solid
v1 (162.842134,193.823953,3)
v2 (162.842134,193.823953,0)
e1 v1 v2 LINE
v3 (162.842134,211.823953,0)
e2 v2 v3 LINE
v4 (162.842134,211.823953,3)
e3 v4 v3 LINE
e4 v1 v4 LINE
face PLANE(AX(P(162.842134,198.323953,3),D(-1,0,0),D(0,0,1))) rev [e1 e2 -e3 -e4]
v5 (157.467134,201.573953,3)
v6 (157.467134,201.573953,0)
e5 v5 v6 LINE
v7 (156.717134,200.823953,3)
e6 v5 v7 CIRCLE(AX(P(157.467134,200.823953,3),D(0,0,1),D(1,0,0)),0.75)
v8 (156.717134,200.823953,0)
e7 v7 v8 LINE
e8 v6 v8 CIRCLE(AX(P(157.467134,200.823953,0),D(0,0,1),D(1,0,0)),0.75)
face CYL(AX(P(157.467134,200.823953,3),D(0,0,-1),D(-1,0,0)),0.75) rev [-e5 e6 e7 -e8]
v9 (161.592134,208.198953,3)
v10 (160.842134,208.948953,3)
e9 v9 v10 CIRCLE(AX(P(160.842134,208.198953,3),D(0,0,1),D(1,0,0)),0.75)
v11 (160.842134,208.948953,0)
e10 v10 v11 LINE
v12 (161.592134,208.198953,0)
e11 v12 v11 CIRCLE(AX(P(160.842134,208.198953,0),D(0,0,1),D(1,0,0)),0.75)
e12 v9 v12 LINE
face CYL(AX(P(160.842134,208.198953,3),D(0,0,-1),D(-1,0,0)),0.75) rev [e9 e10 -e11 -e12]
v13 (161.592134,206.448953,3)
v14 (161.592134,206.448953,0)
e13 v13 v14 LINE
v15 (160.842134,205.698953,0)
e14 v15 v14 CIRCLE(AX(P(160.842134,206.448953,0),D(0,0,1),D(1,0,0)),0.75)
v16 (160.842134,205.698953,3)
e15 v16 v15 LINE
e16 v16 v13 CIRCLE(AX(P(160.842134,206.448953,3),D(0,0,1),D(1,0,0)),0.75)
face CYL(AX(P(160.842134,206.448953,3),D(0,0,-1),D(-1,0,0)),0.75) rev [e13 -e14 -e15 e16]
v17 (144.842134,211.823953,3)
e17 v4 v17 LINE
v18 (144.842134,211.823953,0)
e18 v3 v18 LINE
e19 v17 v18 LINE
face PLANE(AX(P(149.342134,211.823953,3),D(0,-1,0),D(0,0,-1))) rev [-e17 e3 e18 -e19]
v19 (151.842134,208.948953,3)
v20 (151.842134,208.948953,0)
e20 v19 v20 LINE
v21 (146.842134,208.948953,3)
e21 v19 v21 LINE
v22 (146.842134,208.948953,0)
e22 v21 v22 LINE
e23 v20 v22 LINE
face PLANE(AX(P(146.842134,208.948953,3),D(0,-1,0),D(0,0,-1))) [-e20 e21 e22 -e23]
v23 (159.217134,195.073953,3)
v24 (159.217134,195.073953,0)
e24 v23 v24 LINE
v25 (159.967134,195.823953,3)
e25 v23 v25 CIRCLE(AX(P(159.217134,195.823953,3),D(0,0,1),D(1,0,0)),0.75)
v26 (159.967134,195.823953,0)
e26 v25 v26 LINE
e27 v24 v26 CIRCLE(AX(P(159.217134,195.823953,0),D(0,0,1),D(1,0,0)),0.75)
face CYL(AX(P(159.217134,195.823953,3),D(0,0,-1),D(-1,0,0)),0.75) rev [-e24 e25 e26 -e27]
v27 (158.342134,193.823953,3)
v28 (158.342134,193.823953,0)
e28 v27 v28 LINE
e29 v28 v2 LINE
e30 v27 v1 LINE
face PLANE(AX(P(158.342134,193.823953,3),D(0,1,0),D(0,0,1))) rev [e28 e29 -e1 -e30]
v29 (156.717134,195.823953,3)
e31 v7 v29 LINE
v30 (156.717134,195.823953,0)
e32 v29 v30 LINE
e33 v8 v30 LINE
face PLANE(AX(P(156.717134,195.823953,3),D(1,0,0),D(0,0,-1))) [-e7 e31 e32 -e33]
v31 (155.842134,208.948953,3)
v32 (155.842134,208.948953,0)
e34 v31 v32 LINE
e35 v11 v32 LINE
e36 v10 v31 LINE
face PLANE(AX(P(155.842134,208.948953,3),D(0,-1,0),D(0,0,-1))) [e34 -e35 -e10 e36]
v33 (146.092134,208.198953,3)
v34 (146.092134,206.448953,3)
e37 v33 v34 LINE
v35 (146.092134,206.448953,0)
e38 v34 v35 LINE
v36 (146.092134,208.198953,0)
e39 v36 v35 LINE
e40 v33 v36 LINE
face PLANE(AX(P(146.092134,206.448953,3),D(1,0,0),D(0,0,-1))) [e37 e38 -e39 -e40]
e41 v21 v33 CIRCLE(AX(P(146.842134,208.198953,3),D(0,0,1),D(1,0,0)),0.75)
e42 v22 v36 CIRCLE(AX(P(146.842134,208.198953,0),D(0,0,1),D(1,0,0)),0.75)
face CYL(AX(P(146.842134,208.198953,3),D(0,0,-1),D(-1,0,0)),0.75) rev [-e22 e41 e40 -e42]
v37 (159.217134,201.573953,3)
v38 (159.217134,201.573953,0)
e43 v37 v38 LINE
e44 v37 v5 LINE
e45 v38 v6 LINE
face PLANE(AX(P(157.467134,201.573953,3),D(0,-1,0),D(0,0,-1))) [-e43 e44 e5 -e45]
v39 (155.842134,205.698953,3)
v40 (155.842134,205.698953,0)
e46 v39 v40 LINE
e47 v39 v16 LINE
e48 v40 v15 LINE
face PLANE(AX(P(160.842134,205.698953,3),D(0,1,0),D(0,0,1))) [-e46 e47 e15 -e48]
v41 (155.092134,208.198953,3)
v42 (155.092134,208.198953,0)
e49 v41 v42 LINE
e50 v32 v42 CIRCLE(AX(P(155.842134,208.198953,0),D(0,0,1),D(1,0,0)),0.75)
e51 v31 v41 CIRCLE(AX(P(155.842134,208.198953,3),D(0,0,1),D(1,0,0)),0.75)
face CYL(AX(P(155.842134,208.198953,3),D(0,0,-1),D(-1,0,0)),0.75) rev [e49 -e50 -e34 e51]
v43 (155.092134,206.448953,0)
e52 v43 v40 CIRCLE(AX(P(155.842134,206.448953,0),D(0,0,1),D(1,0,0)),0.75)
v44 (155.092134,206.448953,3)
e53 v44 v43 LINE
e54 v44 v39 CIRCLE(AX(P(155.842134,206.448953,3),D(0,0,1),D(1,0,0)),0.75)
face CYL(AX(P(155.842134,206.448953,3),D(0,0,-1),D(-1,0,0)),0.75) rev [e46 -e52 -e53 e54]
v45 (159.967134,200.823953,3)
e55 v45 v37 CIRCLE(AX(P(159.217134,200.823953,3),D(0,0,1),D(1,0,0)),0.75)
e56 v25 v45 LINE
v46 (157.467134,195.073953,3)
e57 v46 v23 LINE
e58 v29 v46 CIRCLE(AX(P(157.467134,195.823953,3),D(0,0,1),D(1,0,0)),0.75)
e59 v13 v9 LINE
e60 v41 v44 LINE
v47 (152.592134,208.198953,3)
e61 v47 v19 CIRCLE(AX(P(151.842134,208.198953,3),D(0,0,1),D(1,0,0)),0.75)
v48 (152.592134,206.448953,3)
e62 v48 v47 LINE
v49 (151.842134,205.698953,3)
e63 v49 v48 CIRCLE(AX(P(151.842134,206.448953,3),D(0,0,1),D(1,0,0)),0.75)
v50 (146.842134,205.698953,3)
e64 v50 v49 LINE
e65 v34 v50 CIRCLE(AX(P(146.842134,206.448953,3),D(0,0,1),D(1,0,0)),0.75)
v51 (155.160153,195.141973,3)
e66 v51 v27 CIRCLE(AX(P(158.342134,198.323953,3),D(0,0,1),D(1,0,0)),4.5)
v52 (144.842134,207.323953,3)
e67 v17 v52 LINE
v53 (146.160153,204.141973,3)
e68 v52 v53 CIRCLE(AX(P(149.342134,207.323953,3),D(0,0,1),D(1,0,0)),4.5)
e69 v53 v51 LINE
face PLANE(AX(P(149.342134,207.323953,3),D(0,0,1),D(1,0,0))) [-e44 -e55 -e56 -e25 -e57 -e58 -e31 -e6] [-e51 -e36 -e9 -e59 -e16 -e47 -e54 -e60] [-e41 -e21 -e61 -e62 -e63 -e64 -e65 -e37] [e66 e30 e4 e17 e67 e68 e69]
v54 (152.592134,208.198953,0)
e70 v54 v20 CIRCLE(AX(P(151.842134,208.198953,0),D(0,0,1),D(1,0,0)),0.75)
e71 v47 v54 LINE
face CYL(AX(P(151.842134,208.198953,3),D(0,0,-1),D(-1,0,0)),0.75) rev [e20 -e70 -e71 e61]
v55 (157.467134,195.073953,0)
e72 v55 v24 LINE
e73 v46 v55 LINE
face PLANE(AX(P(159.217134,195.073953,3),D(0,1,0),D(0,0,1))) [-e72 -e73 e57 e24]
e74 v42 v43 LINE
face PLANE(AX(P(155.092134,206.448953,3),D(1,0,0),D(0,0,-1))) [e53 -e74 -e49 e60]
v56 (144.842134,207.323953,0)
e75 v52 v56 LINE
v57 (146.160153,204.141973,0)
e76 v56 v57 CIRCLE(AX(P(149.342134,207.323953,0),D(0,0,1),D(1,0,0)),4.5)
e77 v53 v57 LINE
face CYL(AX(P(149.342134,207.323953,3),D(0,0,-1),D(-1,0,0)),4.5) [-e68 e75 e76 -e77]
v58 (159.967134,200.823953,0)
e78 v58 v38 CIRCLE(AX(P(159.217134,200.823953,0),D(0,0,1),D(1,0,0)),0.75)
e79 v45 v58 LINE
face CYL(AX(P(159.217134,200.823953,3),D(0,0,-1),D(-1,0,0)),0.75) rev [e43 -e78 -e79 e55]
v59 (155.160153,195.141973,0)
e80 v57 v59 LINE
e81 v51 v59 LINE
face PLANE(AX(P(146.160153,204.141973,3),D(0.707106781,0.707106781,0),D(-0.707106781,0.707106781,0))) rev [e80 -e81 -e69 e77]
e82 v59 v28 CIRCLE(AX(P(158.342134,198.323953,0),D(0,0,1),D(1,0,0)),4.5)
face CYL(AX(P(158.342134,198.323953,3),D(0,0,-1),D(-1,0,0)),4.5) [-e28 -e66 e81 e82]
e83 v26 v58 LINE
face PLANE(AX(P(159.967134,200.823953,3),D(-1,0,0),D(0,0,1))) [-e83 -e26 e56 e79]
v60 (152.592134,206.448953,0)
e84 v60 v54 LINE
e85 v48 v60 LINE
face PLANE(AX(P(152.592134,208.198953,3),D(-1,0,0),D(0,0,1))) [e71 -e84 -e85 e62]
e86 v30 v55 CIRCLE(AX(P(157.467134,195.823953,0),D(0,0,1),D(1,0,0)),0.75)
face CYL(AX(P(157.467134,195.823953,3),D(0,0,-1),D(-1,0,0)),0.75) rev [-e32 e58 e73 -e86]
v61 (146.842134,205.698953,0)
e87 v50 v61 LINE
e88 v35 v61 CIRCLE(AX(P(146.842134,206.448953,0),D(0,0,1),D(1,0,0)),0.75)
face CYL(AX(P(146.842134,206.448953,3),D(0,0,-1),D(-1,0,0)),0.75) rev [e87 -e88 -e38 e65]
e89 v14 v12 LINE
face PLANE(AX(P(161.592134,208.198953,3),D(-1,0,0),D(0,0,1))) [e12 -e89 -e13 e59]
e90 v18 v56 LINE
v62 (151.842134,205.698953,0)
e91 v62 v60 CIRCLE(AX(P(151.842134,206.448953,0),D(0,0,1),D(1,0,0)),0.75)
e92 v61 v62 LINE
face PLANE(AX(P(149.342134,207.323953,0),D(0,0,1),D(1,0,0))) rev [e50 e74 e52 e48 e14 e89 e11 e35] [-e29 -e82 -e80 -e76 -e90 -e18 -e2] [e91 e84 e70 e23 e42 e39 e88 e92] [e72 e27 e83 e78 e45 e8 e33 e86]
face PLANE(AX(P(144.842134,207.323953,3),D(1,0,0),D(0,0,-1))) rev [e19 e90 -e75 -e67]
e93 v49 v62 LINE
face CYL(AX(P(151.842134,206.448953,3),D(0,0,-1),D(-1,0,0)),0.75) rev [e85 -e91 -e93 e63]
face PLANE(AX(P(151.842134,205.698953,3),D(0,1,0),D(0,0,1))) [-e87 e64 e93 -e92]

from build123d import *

# Parameters (mm, degrees)
SALIENTE_EXTRUIR1_DEPTH = 3


with BuildPart() as part:
    # Model → Saliente-Extruir1 (new body)
    with BuildSketch(Plane.XY):
        with BuildLine():
            Line((149.34213351, 211.823953209), (158.34213351, 211.823953209))
            Line((158.34213351, 211.823953209), (162.84213351, 211.823953209))
            Line((162.84213351, 211.823953209), (162.84213351, 198.323953209))
            Line((162.84213351, 198.323953209), (162.84213351, 193.823953209))
            Line((162.84213351, 193.823953209), (158.34213351, 193.823953209))
            ThreePointArc((158.34213351, 193.823953209), (156.620058064, 194.166495313), (155.160152994, 195.141972694))
            Line((155.160152994, 195.141972694), (146.160152994, 204.141972694))
            ThreePointArc((146.160152994, 204.141972694), (145.184675613, 205.601877763), (144.84213351, 207.323953209))
            Line((144.84213351, 207.323953209), (144.84213351, 211.823953209))
            Line((144.84213351, 211.823953209), (149.34213351, 211.823953209))
        make_face()
        with BuildLine():
            Line((156.71713351, 195.823953209), (156.71713351, 200.823953209))
            ThreePointArc((156.71713351, 200.823953209), (156.936803424, 201.354283295), (157.46713351, 201.573953209))
            Line((157.46713351, 201.573953209), (159.21713351, 201.573953209))
            ThreePointArc((159.21713351, 201.573953209), (159.747463595, 201.354283295), (159.96713351, 200.823953209))
            Line((159.96713351, 200.823953209), (159.96713351, 195.823953209))
            ThreePointArc((159.96713351, 195.823953209), (159.747463595, 195.293623123), (159.21713351, 195.073953209))
            Line((159.21713351, 195.073953209), (157.46713351, 195.073953209))
            ThreePointArc((157.46713351, 195.073953209), (156.936803424, 195.293623123), (156.71713351, 195.823953209))
        make_face(mode=Mode.SUBTRACT)
        with BuildLine():
            Line((151.84213351, 205.698953209), (146.84213351, 205.698953209))
            ThreePointArc((146.84213351, 205.698953209), (146.311803424, 205.918623123), (146.09213351, 206.448953209))
            Line((146.09213351, 206.448953209), (146.09213351, 208.198953209))
            ThreePointArc((146.09213351, 208.198953209), (146.311803424, 208.729283295), (146.84213351, 208.948953209))
            Line((146.84213351, 208.948953209), (151.84213351, 208.948953209))
            ThreePointArc((151.84213351, 208.948953209), (152.372463595, 208.729283295), (152.59213351, 208.198953209))
            Line((152.59213351, 208.198953209), (152.59213351, 206.448953209))
            ThreePointArc((152.59213351, 206.448953209), (152.372463595, 205.918623123), (151.84213351, 205.698953209))
        make_face(mode=Mode.SUBTRACT)
        with BuildLine():
            Line((160.84213351, 205.698953209), (155.84213351, 205.698953209))
            ThreePointArc((155.84213351, 205.698953209), (155.311803424, 205.918623123), (155.09213351, 206.448953209))
            Line((155.09213351, 206.448953209), (155.09213351, 208.198953209))
            ThreePointArc((155.09213351, 208.198953209), (155.311803424, 208.729283295), (155.84213351, 208.948953209))
            Line((155.84213351, 208.948953209), (160.84213351, 208.948953209))
            ThreePointArc((160.84213351, 208.948953209), (161.372463595, 208.729283295), (161.59213351, 208.198953209))
            Line((161.59213351, 208.198953209), (161.59213351, 206.448953209))
            ThreePointArc((161.59213351, 206.448953209), (161.372463595, 205.918623123), (160.84213351, 205.698953209))
        make_face(mode=Mode.SUBTRACT)
    extrude(amount=SALIENTE_EXTRUIR1_DEPTH)


solid = part.part
